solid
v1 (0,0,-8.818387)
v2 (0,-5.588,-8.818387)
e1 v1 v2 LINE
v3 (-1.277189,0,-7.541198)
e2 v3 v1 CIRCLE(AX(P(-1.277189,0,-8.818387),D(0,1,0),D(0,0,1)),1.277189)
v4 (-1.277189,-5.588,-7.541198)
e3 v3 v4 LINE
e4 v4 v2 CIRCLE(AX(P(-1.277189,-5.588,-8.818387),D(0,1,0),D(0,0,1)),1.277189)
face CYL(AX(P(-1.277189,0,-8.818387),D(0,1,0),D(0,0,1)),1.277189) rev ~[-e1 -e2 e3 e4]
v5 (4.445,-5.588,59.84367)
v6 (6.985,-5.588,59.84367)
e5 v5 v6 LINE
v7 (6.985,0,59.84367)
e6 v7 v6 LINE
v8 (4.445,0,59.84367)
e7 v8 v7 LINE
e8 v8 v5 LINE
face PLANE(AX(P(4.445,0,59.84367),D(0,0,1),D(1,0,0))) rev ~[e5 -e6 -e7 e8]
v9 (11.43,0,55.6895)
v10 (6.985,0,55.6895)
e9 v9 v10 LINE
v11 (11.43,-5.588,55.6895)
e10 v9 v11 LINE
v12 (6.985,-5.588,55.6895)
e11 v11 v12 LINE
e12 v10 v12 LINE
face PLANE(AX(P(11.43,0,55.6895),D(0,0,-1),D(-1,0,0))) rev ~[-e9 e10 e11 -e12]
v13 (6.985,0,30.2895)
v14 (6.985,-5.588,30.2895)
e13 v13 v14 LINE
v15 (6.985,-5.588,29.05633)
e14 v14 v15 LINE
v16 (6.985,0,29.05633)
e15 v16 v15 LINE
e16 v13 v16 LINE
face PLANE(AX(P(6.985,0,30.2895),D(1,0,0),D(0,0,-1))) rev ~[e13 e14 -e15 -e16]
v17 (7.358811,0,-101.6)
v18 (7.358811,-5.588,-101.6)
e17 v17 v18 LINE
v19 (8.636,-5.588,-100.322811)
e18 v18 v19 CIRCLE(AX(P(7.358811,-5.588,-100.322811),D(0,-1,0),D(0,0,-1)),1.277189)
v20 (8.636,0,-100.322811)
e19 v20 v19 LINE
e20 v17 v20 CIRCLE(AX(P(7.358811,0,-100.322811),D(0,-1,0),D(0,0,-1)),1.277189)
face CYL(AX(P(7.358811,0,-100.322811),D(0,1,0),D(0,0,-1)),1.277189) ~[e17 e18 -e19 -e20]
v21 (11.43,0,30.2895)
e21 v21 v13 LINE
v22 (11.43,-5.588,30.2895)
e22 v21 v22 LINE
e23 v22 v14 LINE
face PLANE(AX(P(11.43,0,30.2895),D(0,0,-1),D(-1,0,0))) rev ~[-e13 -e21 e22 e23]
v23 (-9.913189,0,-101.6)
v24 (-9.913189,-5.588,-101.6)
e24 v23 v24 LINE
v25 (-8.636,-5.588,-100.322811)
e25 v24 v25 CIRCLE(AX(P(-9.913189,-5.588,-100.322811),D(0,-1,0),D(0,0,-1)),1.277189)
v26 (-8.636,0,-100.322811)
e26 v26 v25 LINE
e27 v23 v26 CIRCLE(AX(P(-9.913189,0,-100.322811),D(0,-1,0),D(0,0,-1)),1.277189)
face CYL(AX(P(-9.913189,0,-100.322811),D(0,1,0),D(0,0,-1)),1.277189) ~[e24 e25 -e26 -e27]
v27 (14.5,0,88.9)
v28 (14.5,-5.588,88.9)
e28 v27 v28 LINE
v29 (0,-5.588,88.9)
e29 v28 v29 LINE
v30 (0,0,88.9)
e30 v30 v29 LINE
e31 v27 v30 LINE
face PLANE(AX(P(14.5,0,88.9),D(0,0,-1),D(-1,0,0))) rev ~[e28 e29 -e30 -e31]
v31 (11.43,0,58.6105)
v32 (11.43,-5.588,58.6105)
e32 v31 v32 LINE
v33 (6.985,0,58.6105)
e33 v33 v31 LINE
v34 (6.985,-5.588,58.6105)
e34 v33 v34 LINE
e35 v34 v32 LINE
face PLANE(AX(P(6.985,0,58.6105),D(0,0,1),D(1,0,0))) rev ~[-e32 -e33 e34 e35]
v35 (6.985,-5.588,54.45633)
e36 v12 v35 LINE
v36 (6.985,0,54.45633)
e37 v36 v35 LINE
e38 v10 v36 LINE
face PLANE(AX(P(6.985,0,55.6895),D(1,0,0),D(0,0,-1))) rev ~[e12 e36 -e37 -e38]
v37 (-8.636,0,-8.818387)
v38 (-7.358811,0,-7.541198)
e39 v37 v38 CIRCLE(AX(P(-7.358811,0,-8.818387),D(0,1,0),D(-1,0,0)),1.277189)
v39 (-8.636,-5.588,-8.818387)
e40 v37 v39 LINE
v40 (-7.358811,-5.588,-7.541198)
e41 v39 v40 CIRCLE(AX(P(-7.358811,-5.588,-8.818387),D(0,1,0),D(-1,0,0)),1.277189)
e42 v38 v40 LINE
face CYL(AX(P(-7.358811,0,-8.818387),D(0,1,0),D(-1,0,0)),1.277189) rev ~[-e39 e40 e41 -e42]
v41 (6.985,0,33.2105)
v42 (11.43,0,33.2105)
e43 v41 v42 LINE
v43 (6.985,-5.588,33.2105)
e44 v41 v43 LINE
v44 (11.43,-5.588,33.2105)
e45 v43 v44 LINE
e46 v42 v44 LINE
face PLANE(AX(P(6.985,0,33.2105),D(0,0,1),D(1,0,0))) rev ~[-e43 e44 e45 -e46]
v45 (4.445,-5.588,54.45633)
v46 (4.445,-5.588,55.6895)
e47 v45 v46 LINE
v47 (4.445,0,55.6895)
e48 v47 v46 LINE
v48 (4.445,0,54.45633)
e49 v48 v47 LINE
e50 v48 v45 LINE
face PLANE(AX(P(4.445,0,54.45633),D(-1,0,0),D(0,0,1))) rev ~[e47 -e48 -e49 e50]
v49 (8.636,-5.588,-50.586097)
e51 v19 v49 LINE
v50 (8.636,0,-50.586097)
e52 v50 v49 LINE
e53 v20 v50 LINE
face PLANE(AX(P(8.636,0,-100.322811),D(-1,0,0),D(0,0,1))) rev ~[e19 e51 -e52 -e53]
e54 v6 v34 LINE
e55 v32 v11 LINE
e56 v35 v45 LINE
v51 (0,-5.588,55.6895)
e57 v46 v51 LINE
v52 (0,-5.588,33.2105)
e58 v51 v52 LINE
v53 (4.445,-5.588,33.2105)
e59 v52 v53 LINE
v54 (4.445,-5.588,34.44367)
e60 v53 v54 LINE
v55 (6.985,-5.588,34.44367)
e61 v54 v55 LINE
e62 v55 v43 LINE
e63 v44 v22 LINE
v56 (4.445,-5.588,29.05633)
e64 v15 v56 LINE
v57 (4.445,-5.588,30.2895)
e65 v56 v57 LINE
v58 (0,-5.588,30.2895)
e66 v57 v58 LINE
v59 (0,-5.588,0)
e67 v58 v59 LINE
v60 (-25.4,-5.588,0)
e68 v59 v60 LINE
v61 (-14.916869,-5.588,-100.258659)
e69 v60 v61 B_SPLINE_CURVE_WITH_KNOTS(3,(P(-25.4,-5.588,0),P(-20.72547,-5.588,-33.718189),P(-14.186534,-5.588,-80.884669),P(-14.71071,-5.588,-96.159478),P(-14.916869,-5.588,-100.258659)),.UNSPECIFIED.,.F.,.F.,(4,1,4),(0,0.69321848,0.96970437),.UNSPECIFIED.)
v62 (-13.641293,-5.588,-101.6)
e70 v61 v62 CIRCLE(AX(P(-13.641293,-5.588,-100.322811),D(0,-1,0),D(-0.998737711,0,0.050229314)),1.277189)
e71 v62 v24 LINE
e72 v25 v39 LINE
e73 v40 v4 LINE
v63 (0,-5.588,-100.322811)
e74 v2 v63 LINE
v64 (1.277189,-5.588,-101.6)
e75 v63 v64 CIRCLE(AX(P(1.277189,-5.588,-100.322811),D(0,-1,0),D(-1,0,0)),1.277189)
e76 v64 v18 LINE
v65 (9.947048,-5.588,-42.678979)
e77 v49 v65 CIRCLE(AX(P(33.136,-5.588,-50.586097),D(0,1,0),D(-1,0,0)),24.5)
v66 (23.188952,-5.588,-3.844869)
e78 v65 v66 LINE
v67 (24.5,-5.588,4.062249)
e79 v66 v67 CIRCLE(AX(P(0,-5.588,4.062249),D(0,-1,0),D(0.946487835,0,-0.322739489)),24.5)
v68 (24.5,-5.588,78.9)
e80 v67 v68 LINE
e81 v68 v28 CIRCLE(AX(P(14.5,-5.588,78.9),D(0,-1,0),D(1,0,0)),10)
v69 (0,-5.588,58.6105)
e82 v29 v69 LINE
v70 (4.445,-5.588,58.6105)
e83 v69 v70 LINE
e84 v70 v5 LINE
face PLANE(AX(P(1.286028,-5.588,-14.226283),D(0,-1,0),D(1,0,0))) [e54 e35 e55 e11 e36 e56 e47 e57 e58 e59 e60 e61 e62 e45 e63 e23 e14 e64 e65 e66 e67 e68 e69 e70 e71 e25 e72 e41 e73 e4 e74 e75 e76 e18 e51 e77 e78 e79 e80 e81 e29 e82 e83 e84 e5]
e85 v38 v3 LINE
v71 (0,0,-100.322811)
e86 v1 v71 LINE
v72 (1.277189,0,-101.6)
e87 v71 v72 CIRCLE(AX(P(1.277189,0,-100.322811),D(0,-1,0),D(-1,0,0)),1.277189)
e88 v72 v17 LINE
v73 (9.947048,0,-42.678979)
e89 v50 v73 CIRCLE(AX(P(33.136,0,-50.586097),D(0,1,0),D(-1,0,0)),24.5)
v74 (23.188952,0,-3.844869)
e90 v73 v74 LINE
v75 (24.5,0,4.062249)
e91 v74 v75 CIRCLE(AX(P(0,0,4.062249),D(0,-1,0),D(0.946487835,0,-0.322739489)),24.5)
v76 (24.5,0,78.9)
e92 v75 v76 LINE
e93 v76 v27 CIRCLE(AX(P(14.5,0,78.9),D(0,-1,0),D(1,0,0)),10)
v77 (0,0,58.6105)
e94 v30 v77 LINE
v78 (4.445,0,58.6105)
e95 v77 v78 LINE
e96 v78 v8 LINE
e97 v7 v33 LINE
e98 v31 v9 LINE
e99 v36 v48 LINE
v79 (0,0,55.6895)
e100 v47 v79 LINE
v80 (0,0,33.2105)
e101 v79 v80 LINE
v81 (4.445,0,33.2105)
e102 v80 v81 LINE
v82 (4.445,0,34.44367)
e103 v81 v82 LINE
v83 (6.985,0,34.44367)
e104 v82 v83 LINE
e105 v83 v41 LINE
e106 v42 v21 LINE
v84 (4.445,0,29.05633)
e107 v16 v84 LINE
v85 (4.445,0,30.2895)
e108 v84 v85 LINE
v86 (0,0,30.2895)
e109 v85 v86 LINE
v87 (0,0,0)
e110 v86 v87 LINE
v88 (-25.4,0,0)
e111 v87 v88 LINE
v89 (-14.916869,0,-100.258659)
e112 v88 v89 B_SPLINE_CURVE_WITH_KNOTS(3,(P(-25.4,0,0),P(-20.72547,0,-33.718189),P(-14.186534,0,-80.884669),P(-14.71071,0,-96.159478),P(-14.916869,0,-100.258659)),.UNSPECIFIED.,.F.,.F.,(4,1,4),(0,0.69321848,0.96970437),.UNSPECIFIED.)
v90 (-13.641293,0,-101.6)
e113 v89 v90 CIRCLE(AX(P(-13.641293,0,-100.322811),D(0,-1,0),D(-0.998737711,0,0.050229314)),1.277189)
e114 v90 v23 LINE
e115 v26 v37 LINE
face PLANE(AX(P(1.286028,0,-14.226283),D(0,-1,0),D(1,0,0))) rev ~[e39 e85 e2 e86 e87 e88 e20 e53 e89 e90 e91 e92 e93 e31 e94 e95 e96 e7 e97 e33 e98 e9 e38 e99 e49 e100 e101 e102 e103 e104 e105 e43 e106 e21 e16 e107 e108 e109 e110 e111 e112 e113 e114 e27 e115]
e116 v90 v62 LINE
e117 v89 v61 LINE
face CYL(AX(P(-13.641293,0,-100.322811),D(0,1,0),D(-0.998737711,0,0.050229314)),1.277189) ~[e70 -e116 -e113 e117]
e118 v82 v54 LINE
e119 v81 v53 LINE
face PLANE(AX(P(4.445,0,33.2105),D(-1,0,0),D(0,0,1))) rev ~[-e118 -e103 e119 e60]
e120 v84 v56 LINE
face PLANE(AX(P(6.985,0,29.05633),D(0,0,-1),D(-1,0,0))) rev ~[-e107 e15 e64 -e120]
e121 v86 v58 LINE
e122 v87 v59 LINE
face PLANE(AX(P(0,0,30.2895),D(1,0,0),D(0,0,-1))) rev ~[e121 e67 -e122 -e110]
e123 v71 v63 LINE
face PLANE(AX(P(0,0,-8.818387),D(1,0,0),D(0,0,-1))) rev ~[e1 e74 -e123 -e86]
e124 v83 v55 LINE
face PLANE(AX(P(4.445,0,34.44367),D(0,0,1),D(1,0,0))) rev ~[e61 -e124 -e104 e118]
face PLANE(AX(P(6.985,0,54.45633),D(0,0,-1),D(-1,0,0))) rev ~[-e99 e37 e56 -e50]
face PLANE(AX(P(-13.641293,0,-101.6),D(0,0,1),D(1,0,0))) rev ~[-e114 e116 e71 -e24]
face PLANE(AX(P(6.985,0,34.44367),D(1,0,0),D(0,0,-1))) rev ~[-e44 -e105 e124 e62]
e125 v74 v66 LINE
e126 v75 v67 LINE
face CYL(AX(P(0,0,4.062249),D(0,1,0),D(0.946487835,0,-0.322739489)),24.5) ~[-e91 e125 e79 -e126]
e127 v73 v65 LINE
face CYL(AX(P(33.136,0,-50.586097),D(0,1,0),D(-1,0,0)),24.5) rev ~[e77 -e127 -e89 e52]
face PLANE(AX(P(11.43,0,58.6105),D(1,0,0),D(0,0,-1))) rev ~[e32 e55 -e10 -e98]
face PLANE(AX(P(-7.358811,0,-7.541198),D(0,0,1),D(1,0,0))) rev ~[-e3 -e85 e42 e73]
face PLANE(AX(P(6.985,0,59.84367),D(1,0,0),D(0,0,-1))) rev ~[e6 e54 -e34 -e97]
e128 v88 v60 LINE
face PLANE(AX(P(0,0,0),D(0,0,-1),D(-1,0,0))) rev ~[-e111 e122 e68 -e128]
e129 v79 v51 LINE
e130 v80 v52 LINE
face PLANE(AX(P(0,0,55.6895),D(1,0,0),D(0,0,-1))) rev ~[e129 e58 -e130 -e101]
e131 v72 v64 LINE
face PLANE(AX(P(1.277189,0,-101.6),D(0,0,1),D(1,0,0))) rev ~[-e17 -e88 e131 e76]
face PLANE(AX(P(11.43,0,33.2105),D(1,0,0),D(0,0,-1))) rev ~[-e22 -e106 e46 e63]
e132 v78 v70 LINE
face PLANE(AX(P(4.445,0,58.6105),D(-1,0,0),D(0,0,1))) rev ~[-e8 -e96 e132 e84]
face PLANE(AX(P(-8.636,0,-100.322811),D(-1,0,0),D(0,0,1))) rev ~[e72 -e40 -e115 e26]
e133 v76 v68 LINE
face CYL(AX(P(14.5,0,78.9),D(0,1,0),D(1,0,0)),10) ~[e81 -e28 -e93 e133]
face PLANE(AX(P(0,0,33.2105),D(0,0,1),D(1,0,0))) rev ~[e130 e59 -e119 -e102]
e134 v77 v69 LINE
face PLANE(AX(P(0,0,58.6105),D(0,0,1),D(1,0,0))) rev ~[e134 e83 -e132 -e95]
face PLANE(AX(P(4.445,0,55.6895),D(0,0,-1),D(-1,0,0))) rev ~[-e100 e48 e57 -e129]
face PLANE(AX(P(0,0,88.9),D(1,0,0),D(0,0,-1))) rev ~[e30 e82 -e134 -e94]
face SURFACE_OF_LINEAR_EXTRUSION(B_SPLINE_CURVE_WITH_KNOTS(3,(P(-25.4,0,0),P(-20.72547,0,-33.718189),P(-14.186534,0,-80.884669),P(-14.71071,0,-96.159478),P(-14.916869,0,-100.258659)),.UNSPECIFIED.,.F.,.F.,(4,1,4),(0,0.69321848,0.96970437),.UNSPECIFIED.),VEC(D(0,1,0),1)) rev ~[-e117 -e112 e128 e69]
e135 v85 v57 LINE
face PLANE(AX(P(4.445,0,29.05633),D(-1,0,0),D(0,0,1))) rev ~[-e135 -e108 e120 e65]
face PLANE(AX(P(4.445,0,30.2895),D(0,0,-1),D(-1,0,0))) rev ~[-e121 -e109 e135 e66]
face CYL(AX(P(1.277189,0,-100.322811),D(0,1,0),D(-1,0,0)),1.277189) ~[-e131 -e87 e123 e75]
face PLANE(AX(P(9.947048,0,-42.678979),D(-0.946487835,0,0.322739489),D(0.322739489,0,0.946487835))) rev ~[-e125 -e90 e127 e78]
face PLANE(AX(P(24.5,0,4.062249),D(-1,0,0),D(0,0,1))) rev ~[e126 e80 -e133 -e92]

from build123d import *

# Parameters (mm, degrees)
F1_DEPTH = 5.588


with BuildPart() as f1:
    # F0 (on Front) → F1 (new body)
    with BuildSketch(Plane.XZ):
        with BuildLine():
            Line((14.5, 88.9), (0, 88.9))
            Line((0, 88.9), (0, 58.6105))
            Line((0, 58.6105), (4.445, 58.6105))
            Line((4.445, 58.6105), (4.445, 59.84367))
            Line((4.445, 59.84367), (6.985, 59.84367))
            Line((6.985, 59.84367), (6.985, 58.6105))
            Line((6.985, 58.6105), (11.43, 58.6105))
            Line((11.43, 58.6105), (11.43, 55.6895))
            Line((11.43, 55.6895), (6.985, 55.6895))
            Line((6.985, 55.6895), (6.985, 54.45633))
            Line((6.985, 54.45633), (4.445, 54.45633))
            Line((4.445, 54.45633), (4.445, 55.6895))
            Line((4.445, 55.6895), (0, 55.6895))
            Line((0, 55.6895), (0, 33.2105))
            Line((0, 33.2105), (4.445, 33.2105))
            Line((4.445, 33.2105), (4.445, 34.44367))
            Line((4.445, 34.44367), (6.985, 34.44367))
            Line((6.985, 34.44367), (6.985, 33.2105))
            Line((6.985, 33.2105), (11.43, 33.2105))
            Line((11.43, 33.2105), (11.43, 30.2895))
            Line((11.43, 30.2895), (6.985, 30.2895))
            Line((6.985, 30.2895), (6.985, 29.05633))
            Line((6.985, 29.05633), (4.445, 29.05633))
            Line((4.445, 29.05633), (4.445, 30.2895))
            Line((4.445, 30.2895), (0, 30.2895))
            Line((0, 30.2895), (0, 0))
            Line((0, 0), (-25.4, 0))
            add(Edge.make_bspline(
                [(-25.4, 0), (-20.725470458, -33.7181893079), (-14.1865338132, -80.8846692019), (-14.7107101133, -96.1594783165), (-14.9168693674, -100.2586588016)],
                knots=[0, 0, 0, 0, 0.6932184802, 0.9697043696, 0.9697043696, 0.9697043696, 0.9697043696], degree=3))
            ThreePointArc((-14.9168693674, -100.2586588016), (-14.5668049774, -101.2029465661), (-13.6412926706, -101.6))
            Line((-13.6412926706, -101.6), (-9.9131888779, -101.6))
            ThreePointArc((-9.9131888779, -101.6), (-9.0100799615, -101.2259200385), (-8.636, -100.3228111221))
            Line((-8.636, -100.3228111221), (-8.636, -8.8183871613))
            ThreePointArc((-8.636, -8.8183871613), (-8.2619200385, -7.9152782449), (-7.3588111221, -7.5411982834))
            Line((-7.3588111221, -7.5411982834), (-1.2771888779, -7.5411982834))
            ThreePointArc((-1.2771888779, -7.5411982834), (-0.3740799615, -7.9152782449), (0, -8.8183871613))
            Line((0, -8.8183871613), (0, -100.3228111221))
            ThreePointArc((0, -100.3228111221), (0.3740799615, -101.2259200385), (1.2771888779, -101.6))
            Line((1.2771888779, -101.6), (7.3588111221, -101.6))
            ThreePointArc((7.3588111221, -101.6), (8.2619200385, -101.2259200385), (8.636, -100.3228111221))
            Line((8.636, -100.3228111221), (8.636, -50.5860968341))
            ThreePointArc((8.636, -50.5860968341), (8.9659842465, -46.5785616218), (9.947048039, -42.6789793473))
            Line((9.947048039, -42.6789793473), (23.188951961, -3.844868885))
            ThreePointArc((23.188951961, -3.844868885), (24.1700157535, 0.0547133896), (24.5, 4.0622486018))
            Line((24.5, 4.0622486018), (24.5, 78.9))
            ThreePointArc((24.5, 78.9), (21.5710678119, 85.9710678119), (14.5, 88.9))
        make_face()
    extrude(amount=F1_DEPTH)


solid = f1.part
